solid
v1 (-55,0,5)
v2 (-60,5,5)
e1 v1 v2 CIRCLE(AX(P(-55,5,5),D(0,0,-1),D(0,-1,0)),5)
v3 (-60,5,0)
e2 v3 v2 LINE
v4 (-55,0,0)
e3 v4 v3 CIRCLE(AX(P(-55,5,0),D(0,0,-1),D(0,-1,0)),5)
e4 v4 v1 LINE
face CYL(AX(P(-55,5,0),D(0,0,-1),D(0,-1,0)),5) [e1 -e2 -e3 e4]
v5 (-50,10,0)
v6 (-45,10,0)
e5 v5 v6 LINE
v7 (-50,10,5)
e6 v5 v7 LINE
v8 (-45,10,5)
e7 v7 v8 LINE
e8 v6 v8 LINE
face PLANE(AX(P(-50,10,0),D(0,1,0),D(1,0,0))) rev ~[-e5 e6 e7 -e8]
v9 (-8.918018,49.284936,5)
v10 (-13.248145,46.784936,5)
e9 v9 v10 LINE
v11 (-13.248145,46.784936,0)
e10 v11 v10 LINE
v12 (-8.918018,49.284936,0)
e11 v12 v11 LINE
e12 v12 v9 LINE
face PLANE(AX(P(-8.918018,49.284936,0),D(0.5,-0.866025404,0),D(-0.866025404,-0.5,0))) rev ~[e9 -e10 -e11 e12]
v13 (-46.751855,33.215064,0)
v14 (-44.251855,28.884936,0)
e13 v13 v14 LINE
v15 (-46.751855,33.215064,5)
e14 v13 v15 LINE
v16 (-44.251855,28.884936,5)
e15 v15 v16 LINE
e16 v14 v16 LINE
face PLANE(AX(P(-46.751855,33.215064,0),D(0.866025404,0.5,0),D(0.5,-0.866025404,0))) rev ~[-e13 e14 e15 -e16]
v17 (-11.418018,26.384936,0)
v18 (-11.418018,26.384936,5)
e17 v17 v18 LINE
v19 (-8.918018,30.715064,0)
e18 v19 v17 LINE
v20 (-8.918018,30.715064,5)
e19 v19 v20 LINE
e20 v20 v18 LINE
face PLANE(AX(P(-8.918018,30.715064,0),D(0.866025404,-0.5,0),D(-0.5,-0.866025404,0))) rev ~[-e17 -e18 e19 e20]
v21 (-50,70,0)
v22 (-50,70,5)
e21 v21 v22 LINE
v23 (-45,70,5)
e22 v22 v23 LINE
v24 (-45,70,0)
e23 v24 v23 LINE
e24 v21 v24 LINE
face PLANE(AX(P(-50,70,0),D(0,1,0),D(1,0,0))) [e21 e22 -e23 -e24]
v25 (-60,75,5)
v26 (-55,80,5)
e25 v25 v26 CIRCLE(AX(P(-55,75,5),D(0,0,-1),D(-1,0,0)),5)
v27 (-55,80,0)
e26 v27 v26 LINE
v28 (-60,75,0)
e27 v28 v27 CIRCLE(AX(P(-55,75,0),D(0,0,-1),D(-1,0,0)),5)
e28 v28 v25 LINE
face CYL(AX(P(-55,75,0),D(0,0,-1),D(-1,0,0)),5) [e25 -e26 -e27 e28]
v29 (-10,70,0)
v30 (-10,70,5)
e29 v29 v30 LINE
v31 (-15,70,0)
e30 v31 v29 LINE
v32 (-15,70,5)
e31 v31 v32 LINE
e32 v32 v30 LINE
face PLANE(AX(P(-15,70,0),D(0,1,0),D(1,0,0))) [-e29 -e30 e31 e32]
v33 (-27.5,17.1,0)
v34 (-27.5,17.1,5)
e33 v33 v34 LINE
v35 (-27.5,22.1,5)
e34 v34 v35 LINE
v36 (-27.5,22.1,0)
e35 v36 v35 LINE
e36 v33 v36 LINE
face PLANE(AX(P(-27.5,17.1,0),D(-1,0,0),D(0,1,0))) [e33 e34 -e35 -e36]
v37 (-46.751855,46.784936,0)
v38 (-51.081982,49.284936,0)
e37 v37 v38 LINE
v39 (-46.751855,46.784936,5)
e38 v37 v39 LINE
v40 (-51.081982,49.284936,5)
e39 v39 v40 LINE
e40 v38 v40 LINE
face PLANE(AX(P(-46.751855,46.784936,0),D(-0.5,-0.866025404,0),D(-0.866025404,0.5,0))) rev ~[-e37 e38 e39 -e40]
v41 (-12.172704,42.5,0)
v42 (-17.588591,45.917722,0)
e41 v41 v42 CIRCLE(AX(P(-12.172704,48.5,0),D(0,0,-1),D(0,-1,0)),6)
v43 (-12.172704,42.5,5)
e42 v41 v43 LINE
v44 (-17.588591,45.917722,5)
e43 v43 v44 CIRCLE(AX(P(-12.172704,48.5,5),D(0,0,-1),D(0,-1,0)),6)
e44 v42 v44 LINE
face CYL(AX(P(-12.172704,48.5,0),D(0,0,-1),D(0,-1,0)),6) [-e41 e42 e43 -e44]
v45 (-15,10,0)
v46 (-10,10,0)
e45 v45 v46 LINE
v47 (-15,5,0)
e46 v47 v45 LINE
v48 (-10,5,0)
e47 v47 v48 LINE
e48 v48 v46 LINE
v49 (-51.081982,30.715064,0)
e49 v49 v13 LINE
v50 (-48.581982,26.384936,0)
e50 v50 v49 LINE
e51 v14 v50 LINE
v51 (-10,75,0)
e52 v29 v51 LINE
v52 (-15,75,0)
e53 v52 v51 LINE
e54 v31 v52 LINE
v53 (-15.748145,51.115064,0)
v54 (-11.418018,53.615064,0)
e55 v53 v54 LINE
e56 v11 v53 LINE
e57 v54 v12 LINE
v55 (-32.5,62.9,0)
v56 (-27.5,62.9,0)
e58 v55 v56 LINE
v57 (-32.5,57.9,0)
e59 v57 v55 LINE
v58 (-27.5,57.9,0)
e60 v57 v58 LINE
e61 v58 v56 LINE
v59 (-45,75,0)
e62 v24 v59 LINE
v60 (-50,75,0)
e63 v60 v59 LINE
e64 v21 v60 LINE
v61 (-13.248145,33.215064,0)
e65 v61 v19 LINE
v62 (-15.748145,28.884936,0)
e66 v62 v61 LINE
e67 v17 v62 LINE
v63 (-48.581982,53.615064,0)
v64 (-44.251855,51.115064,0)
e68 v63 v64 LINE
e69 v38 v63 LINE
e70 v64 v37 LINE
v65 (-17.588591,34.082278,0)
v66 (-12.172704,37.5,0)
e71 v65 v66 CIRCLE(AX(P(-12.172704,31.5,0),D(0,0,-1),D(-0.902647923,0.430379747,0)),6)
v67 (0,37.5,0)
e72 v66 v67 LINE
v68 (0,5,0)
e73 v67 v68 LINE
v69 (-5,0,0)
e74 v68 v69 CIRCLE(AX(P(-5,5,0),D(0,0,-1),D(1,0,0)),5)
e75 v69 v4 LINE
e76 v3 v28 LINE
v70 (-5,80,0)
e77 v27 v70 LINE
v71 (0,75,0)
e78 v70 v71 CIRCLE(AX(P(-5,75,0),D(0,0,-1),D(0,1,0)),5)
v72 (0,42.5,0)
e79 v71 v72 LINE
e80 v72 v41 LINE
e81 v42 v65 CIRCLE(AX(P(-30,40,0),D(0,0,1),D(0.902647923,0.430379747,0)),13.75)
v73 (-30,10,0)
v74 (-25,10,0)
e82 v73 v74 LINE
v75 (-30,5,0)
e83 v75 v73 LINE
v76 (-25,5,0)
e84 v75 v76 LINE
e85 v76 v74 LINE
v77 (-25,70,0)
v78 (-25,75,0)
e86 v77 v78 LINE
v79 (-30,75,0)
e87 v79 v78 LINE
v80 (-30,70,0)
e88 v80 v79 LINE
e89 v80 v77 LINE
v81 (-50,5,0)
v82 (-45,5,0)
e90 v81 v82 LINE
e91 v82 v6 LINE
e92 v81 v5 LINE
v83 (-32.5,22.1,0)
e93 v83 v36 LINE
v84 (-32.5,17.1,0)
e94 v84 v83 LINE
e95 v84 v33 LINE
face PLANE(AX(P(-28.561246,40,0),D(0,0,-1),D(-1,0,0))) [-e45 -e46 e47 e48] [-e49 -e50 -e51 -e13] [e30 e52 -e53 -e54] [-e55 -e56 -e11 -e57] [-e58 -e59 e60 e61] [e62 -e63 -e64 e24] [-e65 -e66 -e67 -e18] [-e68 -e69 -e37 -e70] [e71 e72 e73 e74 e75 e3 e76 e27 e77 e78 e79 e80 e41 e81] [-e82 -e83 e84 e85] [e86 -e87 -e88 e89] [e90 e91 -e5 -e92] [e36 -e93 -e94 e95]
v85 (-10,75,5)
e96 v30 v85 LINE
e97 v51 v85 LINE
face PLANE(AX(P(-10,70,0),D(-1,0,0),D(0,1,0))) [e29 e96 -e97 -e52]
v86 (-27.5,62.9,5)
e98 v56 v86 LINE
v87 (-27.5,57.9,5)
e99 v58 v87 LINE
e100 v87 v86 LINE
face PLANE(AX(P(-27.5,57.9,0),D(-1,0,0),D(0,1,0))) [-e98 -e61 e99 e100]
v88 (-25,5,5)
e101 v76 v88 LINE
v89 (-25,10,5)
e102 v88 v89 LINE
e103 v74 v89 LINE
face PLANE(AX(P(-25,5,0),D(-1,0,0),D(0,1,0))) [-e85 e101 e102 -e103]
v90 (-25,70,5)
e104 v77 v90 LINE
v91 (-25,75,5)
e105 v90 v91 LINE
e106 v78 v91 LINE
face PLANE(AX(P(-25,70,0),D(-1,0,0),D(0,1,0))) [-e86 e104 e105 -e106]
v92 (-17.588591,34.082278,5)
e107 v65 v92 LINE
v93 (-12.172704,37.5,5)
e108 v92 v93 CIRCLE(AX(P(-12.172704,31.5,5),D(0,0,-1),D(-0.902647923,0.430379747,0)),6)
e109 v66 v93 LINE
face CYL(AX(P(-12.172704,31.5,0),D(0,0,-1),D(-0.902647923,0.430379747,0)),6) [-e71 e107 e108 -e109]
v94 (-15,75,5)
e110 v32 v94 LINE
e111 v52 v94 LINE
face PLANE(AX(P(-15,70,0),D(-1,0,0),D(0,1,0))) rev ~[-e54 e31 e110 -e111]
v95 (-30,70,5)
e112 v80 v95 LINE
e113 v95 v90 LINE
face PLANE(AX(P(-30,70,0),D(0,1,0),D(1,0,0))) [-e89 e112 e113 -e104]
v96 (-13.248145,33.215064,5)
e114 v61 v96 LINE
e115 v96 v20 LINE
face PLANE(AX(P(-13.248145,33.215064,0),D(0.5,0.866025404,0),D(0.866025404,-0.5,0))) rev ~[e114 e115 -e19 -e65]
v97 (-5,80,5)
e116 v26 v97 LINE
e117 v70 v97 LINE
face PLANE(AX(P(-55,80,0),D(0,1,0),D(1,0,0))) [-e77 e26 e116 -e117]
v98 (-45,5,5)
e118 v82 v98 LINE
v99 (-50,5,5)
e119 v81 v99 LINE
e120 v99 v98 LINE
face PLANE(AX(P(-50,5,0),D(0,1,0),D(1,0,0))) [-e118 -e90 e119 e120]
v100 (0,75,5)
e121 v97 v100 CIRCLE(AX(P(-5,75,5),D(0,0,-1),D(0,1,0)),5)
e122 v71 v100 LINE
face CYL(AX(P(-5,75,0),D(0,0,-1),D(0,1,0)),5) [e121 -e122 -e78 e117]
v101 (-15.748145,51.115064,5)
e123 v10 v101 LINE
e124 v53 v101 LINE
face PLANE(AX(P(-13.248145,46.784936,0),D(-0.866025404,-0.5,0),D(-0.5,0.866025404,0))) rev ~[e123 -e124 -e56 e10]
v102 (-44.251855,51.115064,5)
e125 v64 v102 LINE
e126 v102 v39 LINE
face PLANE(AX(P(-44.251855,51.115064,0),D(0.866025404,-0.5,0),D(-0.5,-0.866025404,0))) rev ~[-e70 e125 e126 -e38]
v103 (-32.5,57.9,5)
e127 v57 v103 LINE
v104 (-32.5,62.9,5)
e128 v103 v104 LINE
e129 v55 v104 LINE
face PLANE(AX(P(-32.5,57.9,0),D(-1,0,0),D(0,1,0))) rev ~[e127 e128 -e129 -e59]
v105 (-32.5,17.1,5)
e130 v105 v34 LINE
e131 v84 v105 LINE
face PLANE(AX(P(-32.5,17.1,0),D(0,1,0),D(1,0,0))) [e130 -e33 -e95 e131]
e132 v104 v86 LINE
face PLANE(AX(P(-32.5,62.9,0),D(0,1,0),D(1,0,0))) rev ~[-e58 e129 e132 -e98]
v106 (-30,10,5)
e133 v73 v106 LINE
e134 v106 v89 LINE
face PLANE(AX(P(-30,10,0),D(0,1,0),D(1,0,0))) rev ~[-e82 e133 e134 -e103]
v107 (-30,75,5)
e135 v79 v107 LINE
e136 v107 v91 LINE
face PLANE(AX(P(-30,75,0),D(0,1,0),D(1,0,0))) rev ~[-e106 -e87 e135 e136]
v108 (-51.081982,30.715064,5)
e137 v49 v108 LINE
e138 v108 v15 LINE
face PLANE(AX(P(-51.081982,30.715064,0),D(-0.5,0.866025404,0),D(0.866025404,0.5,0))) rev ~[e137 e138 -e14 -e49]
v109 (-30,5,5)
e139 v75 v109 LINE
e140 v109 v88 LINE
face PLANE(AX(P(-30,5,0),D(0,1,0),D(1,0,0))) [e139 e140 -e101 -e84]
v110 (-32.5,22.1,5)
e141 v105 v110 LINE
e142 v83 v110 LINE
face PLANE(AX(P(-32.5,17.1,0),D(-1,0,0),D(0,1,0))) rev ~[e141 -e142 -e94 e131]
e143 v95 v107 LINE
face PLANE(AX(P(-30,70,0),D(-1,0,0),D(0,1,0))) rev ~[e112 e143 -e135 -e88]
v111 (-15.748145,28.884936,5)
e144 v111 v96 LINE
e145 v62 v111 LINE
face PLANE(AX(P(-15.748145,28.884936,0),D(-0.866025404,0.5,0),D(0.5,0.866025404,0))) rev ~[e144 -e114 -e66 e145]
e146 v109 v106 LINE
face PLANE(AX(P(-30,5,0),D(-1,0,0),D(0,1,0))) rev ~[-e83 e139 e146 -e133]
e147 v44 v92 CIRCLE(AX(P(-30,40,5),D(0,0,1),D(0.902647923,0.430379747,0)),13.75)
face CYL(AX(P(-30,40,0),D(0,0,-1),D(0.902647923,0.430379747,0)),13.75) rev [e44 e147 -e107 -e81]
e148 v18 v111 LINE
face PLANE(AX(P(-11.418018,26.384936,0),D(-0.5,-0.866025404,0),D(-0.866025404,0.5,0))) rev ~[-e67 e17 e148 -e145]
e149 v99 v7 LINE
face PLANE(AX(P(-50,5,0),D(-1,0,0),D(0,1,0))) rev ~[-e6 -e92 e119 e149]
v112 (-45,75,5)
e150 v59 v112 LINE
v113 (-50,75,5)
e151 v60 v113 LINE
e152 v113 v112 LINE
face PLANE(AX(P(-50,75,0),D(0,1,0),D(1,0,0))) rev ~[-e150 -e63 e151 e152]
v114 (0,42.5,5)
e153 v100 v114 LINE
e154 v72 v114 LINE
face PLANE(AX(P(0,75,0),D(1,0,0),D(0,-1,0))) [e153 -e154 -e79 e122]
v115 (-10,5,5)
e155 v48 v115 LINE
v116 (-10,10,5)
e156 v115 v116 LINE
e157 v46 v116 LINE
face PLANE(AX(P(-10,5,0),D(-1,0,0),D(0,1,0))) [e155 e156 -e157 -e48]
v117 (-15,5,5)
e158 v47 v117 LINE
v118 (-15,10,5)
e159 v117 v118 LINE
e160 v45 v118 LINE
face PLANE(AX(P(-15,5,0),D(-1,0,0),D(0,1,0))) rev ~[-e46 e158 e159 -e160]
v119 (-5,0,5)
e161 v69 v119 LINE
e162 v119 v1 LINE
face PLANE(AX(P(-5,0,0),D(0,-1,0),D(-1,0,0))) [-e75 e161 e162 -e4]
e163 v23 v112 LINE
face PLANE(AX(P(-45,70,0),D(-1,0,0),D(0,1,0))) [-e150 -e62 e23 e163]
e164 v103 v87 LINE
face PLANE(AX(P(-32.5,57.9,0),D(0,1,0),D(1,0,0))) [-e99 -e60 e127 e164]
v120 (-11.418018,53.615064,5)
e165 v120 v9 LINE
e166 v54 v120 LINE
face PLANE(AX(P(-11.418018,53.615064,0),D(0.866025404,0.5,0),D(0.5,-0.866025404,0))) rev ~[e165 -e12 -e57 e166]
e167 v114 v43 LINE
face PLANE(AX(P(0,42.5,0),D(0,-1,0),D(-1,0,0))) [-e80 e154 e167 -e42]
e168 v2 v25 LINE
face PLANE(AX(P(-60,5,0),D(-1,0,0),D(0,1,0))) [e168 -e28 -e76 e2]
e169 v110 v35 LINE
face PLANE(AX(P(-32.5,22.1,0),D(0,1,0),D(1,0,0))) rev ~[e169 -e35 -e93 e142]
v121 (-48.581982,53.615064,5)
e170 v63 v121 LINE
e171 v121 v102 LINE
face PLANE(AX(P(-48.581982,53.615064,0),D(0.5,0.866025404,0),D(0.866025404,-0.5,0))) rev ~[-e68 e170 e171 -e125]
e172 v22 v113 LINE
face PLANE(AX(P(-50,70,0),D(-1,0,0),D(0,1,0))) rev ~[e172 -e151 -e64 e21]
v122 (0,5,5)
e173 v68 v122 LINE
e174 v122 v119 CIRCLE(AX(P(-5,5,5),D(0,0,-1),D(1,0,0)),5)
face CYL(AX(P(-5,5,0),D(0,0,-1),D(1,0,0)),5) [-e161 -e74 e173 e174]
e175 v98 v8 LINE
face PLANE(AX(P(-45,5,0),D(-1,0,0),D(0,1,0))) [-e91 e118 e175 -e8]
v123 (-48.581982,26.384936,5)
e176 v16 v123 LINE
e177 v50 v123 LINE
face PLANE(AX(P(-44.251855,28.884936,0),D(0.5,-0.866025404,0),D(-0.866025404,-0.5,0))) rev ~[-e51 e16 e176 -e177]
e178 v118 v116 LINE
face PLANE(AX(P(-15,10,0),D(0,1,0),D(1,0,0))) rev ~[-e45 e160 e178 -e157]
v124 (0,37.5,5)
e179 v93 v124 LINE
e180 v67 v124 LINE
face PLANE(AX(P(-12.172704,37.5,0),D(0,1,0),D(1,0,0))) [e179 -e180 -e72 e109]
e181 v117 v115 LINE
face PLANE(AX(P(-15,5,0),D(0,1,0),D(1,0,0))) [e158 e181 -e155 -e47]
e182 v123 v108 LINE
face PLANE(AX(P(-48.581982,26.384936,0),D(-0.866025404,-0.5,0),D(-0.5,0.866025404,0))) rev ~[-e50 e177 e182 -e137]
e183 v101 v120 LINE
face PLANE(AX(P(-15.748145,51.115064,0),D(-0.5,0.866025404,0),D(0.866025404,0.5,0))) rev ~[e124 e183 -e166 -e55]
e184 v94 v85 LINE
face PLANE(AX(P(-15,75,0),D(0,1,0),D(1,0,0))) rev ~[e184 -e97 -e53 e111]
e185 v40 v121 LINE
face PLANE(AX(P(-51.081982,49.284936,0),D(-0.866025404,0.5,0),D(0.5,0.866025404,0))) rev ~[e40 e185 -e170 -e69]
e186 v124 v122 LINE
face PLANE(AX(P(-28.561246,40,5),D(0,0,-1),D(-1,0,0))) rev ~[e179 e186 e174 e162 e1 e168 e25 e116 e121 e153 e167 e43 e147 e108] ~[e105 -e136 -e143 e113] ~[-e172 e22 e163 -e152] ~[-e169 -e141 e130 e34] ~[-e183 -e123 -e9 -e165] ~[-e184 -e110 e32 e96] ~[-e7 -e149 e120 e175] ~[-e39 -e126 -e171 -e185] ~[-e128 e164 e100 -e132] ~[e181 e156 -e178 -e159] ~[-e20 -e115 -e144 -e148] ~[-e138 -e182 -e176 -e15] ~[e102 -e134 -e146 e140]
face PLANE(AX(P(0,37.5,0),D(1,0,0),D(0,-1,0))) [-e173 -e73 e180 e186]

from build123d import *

# Parameters (mm, degrees)
ESQUISSE1_W        = 5
ESQUISSE1_H        = 5
BOSS_EXTRU_1_DEPTH = 5


with BuildPart() as part:
    # Esquisse1 → Boss.-Extru.1 (new body)
    with BuildSketch(Plane.XY):
        with BuildLine():
            Line((-55, 80), (-5, 80))
            ThreePointArc((-5, 80), (-1.464466094, 78.535533906), (0, 75))
            Line((0, 75), (0, 42.5))
            Line((0, 42.5), (-12.172703514, 42.5))
            ThreePointArc((-12.172703514, 42.5), (-15.374759815, 43.42586604), (-17.588591054, 45.917721519))
            ThreePointArc((-17.588591054, 45.917721519), (-43.75, 40), (-17.588591054, 34.082278481))
            ThreePointArc((-17.588591054, 34.082278481), (-15.374759815, 36.57413396), (-12.172703514, 37.5))
            Line((-12.172703514, 37.5), (0, 37.5))
            Line((0, 37.5), (0, 5))
            ThreePointArc((0, 5), (-1.464466094, 1.464466094), (-5, 0))
            Line((-5, 0), (-55, 0))
            ThreePointArc((-55, 0), (-58.535533906, 1.464466094), (-60, 5))
            Line((-60, 5), (-60, 75))
            ThreePointArc((-60, 75), (-58.535533906, 78.535533906), (-55, 80))
        make_face()
        with Locations((-12.5, 72.5)):
            Rectangle(ESQUISSE1_W, ESQUISSE1_H, mode=Mode.SUBTRACT)
        with Locations((-47.5, 7.5)):
            Rectangle(ESQUISSE1_W, ESQUISSE1_H, mode=Mode.SUBTRACT)
        with Locations((-27.5, 7.5)):
            Rectangle(ESQUISSE1_W, ESQUISSE1_H, mode=Mode.SUBTRACT)
        with Locations((-12.5, 7.5)):
            Rectangle(ESQUISSE1_W, ESQUISSE1_H, mode=Mode.SUBTRACT)
        with Locations((-27.5, 72.5)):
            Rectangle(ESQUISSE1_W, ESQUISSE1_H, mode=Mode.SUBTRACT)
        with Locations((-47.5, 72.5)):
            Rectangle(ESQUISSE1_W, ESQUISSE1_H, mode=Mode.SUBTRACT)
        with Locations((-30, 60.4)):
            Rectangle(ESQUISSE1_W, ESQUISSE1_H, mode=Mode.SUBTRACT)
        Polygon((-11.418018253, 53.615063509), (-8.918018253, 49.284936491), (-13.248145272, 46.784936491), (-15.748145272, 51.115063509), align=None, mode=Mode.SUBTRACT)
        Polygon((-8.918018253, 30.715063509), (-11.418018253, 26.384936491), (-15.748145272, 28.884936491), (-13.248145272, 33.215063509), align=None, mode=Mode.SUBTRACT)
        with Locations((-30, 19.6)):
            Rectangle(ESQUISSE1_W, ESQUISSE1_H, mode=Mode.SUBTRACT)
        Polygon((-48.581981747, 26.384936491), (-51.081981747, 30.715063509), (-46.751854728, 33.215063509), (-44.251854728, 28.884936491), align=None, mode=Mode.SUBTRACT)
        Polygon((-51.081981747, 49.284936491), (-48.581981747, 53.615063509), (-44.251854728, 51.115063509), (-46.751854728, 46.784936491), align=None, mode=Mode.SUBTRACT)
    extrude(amount=BOSS_EXTRU_1_DEPTH)


solid = part.part
